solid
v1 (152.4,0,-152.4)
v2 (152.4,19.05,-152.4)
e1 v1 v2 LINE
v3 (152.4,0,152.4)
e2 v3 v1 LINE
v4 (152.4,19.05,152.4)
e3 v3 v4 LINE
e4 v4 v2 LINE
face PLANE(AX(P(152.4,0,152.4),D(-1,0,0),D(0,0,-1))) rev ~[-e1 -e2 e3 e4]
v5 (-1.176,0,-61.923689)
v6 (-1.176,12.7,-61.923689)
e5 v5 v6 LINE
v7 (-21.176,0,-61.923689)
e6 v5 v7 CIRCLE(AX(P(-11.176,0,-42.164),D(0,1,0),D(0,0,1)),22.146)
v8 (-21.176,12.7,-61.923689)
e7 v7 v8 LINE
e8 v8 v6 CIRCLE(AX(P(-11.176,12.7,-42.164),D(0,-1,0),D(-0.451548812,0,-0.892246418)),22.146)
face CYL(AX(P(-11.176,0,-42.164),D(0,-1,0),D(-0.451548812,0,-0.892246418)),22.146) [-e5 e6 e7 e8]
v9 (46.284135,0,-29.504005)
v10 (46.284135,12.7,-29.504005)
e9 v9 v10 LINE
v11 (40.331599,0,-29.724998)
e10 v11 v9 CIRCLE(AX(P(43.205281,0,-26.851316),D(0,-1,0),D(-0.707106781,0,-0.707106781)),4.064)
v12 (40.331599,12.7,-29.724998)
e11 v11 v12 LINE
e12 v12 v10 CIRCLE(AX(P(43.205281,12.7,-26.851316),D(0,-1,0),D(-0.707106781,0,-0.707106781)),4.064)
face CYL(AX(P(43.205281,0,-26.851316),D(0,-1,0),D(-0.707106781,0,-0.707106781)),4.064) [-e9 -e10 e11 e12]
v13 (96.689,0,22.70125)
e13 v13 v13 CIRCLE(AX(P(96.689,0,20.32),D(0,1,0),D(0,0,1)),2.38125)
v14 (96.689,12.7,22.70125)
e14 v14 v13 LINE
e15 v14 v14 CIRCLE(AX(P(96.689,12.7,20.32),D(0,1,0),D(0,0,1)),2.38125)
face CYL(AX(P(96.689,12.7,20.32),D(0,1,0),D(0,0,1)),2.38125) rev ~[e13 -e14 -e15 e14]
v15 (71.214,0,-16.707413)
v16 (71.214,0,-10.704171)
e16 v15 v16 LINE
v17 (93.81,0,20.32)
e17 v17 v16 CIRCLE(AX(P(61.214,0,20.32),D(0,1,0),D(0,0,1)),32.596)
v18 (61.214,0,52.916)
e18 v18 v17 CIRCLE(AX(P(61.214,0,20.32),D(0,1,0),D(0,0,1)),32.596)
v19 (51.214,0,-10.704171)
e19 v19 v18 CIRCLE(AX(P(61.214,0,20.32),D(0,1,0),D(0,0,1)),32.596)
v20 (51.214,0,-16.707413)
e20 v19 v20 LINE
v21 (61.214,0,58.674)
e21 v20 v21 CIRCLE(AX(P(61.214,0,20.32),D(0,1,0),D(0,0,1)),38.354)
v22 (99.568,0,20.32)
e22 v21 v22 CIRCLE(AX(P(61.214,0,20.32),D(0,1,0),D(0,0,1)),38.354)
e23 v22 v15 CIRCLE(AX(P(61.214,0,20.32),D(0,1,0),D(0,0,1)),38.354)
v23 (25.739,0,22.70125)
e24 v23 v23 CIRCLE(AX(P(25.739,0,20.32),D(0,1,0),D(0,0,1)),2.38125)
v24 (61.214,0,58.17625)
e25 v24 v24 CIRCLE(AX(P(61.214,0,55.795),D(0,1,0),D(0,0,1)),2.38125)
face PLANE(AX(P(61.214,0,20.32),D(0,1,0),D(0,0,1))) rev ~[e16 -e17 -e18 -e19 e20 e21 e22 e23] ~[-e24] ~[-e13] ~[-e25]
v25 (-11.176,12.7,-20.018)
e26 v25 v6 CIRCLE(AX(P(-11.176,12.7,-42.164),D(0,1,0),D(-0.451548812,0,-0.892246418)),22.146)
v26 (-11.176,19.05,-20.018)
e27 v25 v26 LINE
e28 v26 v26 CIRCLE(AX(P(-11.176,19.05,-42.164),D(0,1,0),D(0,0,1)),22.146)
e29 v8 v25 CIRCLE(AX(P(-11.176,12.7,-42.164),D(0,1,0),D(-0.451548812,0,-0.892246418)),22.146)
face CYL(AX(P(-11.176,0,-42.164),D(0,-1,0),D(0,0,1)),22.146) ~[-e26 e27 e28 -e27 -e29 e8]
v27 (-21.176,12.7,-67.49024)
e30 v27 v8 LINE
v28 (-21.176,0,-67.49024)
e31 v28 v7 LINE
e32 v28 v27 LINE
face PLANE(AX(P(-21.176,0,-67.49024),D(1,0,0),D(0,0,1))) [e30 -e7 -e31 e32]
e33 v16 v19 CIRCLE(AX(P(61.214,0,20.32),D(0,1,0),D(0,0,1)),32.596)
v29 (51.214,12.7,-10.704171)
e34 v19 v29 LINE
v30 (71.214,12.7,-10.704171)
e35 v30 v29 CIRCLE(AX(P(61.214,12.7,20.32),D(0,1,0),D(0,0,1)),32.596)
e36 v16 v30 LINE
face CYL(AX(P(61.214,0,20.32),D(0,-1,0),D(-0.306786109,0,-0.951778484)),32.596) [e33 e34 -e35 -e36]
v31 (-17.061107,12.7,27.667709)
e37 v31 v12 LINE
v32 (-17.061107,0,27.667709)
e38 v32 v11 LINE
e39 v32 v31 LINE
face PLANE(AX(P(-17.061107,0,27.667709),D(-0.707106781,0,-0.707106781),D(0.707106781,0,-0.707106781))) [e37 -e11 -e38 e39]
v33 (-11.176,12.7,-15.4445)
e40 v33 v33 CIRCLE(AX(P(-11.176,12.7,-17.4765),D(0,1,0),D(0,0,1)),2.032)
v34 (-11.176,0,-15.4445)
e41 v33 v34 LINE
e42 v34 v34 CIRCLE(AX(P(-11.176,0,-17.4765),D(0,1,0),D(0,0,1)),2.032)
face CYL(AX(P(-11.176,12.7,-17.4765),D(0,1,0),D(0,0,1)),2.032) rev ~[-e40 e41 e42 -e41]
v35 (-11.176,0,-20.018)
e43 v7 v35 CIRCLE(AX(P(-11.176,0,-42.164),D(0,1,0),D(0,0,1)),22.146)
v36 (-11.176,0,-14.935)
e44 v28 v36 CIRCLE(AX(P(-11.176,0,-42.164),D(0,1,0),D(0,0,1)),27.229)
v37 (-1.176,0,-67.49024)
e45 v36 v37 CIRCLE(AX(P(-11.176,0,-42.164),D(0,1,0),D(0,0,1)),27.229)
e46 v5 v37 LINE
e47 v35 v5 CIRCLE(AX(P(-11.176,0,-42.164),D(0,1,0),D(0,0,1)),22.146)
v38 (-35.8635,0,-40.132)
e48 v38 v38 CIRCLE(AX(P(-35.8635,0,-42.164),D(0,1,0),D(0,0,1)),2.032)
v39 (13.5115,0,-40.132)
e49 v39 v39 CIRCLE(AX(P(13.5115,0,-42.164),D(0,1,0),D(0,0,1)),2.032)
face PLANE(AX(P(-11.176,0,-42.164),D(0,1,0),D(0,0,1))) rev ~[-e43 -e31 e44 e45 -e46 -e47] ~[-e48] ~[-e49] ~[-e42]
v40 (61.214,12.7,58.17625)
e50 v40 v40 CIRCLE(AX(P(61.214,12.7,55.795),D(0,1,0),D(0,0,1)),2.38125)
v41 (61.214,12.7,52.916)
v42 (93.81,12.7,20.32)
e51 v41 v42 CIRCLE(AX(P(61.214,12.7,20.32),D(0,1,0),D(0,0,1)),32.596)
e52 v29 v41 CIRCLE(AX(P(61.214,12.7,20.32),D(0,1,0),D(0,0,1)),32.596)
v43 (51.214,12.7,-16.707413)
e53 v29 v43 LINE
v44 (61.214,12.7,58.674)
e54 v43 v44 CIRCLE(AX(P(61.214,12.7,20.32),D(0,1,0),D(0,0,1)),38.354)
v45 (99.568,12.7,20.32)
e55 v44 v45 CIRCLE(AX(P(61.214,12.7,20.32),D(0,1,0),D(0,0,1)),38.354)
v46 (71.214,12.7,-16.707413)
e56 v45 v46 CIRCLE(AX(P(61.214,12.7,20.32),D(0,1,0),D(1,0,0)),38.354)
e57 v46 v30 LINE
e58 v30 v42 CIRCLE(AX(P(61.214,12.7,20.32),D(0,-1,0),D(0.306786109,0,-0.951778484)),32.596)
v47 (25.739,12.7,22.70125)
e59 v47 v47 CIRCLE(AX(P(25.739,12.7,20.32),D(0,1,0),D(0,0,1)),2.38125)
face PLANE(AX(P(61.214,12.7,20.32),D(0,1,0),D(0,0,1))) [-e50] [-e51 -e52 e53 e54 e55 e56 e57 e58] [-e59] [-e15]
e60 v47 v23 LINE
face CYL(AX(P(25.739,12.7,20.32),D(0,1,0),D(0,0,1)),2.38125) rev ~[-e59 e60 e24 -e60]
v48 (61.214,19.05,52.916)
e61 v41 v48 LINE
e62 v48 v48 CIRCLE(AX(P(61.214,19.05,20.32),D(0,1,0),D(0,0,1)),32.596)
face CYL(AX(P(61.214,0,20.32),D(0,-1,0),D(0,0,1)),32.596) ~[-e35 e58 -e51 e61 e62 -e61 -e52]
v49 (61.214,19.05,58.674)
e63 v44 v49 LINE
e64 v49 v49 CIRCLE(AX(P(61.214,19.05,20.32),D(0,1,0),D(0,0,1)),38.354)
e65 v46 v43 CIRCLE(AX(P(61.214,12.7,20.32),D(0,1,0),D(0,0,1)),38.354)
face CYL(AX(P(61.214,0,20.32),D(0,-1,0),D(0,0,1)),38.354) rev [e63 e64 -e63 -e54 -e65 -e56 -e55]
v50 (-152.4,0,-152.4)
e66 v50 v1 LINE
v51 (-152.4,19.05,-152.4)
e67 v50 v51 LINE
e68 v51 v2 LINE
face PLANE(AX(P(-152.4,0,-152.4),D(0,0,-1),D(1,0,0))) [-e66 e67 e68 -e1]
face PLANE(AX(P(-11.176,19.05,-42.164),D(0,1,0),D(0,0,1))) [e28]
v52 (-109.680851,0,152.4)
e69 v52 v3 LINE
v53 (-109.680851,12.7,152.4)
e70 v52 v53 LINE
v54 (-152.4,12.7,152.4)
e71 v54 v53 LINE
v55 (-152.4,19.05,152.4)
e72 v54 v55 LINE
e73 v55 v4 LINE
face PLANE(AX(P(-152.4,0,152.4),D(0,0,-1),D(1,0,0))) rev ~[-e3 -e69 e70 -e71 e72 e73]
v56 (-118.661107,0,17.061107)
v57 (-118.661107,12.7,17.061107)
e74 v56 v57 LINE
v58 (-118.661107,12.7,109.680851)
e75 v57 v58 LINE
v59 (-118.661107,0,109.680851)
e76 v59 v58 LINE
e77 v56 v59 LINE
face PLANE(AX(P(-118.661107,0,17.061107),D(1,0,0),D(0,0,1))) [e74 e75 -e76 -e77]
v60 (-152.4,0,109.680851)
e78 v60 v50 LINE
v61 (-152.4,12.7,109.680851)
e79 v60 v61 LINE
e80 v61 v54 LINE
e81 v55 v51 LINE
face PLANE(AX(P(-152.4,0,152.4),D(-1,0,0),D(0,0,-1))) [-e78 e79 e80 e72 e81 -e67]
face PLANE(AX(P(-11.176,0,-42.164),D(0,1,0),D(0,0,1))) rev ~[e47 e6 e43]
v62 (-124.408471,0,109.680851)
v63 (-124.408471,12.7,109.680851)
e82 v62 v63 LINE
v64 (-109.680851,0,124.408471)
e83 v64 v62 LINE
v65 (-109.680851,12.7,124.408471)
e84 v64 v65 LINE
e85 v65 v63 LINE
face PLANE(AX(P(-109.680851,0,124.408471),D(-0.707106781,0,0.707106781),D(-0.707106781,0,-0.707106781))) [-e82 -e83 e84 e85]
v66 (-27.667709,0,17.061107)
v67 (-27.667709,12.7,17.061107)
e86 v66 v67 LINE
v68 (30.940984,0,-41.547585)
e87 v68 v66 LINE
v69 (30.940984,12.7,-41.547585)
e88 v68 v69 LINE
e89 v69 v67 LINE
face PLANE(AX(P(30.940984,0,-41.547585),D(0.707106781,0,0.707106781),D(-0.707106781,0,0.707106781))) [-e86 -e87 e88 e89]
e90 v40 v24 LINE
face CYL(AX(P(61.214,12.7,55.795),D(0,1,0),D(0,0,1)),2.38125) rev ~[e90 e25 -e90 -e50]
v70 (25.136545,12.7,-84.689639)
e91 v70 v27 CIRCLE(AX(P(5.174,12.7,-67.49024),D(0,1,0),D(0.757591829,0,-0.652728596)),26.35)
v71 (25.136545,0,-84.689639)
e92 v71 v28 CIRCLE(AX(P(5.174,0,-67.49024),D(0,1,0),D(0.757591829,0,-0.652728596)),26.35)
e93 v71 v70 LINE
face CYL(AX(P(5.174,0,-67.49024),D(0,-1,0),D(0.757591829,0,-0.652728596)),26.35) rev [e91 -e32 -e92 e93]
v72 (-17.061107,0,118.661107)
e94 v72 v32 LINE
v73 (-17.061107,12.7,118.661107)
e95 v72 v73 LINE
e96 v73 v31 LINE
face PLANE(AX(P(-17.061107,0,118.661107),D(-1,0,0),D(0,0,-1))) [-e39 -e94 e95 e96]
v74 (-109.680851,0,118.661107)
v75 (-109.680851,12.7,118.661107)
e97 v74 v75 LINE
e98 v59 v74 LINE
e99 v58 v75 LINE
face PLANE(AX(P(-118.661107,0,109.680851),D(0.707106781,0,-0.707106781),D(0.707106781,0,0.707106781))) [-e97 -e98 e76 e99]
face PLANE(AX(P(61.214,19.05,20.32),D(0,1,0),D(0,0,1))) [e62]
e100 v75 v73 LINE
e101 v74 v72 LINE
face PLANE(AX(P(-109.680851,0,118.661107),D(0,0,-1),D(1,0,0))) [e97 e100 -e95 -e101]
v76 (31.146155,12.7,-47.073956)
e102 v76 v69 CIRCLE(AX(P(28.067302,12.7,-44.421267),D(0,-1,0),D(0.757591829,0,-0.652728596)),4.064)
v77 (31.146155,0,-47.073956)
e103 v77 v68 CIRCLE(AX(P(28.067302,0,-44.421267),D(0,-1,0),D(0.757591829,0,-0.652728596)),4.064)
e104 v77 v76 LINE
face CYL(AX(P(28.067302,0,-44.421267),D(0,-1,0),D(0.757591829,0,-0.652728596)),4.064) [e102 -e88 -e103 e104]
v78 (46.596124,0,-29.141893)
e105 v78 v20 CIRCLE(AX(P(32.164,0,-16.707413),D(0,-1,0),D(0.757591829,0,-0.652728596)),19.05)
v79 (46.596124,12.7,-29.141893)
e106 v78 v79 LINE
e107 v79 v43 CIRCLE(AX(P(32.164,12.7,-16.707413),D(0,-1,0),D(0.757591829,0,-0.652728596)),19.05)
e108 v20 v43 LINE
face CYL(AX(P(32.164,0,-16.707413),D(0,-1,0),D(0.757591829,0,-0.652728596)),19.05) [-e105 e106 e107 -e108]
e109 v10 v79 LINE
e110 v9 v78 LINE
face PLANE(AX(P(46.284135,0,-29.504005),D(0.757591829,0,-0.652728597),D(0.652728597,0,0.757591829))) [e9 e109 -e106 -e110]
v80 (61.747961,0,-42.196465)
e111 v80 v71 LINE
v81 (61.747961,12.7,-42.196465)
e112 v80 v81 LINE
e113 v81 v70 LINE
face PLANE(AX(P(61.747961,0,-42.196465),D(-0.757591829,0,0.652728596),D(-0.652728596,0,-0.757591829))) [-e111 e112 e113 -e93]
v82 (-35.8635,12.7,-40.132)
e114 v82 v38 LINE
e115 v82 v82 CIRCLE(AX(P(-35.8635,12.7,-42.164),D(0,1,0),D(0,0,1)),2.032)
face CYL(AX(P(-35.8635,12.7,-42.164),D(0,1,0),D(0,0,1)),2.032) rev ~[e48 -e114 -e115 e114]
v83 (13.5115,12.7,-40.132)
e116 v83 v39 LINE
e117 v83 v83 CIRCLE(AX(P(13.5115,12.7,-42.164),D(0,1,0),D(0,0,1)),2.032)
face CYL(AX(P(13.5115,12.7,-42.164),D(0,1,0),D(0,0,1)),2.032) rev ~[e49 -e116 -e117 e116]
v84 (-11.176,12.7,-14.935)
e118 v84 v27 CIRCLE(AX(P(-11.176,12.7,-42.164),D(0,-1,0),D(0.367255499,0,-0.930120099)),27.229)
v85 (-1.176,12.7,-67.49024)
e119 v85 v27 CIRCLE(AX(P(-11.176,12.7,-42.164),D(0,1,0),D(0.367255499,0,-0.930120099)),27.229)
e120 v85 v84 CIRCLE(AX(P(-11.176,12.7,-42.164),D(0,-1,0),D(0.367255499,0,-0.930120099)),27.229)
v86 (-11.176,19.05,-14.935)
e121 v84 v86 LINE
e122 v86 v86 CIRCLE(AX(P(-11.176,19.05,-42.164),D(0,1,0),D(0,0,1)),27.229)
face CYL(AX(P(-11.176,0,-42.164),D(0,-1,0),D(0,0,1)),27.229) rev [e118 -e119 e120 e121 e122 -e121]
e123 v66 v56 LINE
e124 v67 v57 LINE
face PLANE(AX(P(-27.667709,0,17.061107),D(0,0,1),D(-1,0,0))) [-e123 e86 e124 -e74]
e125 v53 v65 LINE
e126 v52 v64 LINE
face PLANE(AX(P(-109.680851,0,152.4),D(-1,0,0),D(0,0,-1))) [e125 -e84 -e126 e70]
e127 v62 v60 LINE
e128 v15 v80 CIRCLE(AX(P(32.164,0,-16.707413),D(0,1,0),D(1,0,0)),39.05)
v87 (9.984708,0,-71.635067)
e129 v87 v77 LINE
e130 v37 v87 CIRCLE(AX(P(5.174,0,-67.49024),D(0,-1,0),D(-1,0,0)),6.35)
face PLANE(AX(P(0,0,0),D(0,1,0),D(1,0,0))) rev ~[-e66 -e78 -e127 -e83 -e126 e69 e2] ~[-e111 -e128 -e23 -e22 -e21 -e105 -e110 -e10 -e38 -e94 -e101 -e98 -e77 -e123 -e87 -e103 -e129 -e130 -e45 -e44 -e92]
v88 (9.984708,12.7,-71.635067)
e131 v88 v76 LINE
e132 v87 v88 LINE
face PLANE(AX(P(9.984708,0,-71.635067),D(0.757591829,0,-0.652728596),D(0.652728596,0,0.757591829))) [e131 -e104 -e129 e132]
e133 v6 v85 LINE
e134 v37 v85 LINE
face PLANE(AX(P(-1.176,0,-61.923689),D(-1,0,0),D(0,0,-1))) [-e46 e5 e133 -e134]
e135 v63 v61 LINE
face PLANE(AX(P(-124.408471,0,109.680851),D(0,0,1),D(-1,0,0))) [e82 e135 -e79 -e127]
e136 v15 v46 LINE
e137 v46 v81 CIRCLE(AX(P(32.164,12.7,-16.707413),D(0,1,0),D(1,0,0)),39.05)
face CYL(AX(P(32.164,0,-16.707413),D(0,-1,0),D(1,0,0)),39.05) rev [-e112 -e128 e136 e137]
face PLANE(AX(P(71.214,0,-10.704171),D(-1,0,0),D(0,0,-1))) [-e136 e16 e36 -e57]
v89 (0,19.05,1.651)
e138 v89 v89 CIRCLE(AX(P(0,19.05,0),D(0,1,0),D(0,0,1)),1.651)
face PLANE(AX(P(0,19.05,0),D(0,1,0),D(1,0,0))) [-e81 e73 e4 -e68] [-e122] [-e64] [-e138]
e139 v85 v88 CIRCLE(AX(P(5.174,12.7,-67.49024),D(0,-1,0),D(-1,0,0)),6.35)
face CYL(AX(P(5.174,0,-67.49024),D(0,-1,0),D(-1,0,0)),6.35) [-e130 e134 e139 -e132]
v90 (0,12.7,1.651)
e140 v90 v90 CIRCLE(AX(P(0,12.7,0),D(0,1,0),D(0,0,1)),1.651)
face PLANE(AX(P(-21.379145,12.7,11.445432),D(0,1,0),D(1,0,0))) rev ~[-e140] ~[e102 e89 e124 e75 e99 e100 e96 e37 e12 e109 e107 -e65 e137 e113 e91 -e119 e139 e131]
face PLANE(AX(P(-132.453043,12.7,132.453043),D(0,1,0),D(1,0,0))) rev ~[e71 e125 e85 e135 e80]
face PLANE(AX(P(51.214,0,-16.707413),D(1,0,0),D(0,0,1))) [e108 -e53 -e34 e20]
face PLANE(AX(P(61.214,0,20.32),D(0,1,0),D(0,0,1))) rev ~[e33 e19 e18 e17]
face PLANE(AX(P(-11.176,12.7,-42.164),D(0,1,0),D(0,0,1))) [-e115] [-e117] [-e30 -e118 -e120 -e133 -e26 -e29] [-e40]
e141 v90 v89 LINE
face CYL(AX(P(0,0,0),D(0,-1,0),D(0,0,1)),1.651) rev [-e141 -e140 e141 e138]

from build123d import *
from build123d.topology import SkipClean

# Parameters (mm, degrees)
SKETCH1_R             = 22.146000031
BOSS_EXTRUDE1_DEPTH   = 19.05
SKETCH1_R_2           = 32.595999959
BOSS_EXTRUDE1_2_DEPTH = 19.05
SKETCH1_W             = 304.8
SKETCH1_H             = 304.8
SKETCH1_R_3           = 27.229000025
SKETCH1_R_4           = 38.354
SKETCH1_R_5           = 1.651
BOSS_EXTRUDE1_3_DEPTH = 19.05
SKETCH1_4_R           = 27.229000025
SKETCH1_4_R_2         = 22.146000031
SKETCH1_4_R_3         = 38.354
SKETCH1_4_R_4         = 32.595999959
BOSS_EXTRUDE2_DEPTH   = 12.7
SKETCH1_5_R           = 1.651
CUT_EXTRUDE1_DEPTH    = 12.7
SKETCH5_R             = 2.032
SKETCH5_R_2           = 2.38125
CUT_EXTRUDE2_DEPTH    = 13.7


with BuildPart() as part:
    # Sketch1 → Boss-Extrude1 (new body)
    with BuildSketch(Plane(origin=(0, 0, 0), x_dir=(1, 0, 0), z_dir=(0, 1, 0))):
        with Locations(Location((-11.176, 42.164, 0), (0, 0, 270))):  # turned: the seam where the file's is
            Circle(SKETCH1_R)
    extrude(amount=BOSS_EXTRUDE1_DEPTH)



with BuildPart() as body_2:
    # Sketch1 → Boss-Extrude1 2 (new body)
    with BuildSketch(Plane(origin=(0, 0, 0), x_dir=(1, 0, 0), z_dir=(0, 1, 0))):
        with Locations(Location((61.214, -20.32, 0), (0, 0, 270))):  # turned: the seam where the file's is
            Circle(SKETCH1_R_2)
    extrude(amount=BOSS_EXTRUDE1_2_DEPTH)


with BuildPart() as body_3:
    # Sketch1 → Boss-Extrude1 3 (new body)
    with BuildSketch(Plane(origin=(0, 0, 0), x_dir=(1, 0, 0), z_dir=(0, 1, 0))):
        Rectangle(SKETCH1_W, SKETCH1_H)
        with Locations(Location((-11.176, 42.164, 0), (0, 0, 270))):  # turned: the seam where the file's is
            Circle(SKETCH1_R_3, mode=Mode.SUBTRACT)
        with Locations(Location((61.214, -20.32, 0), (0, 0, 270))):  # turned: the seam where the file's is
            Circle(SKETCH1_R_4, mode=Mode.SUBTRACT)
        with Locations(Location((0, 0, 0), (0, 0, 270))):  # turned: the seam where the file's is
            Circle(SKETCH1_R_5, mode=Mode.SUBTRACT)
    extrude(amount=BOSS_EXTRUDE1_3_DEPTH)


with BuildPart() as part_1:
    with SkipClean():  # keep this step's faces unmerged: merging them makes the solid invalid here
        add(part.part)

        add(body_2.part)  # Boss-Extrude2 merges body 2

        add(body_3.part)  # Boss-Extrude2 merges body 3
        # Sketch1_4 → Boss-Extrude2 (add)
        with BuildSketch(Plane(origin=(0, 0, 0), x_dir=(1, 0, 0), z_dir=(0, 1, 0))):
            with Locations(Location((-11.176, 42.164, 0), (0, 0, 270))):  # turned: the seam where the file's is
                Circle(SKETCH1_4_R)
            with Locations(Location((-11.176, 42.164, 0), (0, 0, 270))):  # turned: the seam where the file's is
                Circle(SKETCH1_4_R_2, mode=Mode.SUBTRACT)
            with Locations(Location((61.214, -20.32, 0), (0, 0, 270))):  # turned: the seam where the file's is
                Circle(SKETCH1_4_R_3)
            with Locations(Location((61.214, -20.32, 0), (0, 0, 270))):  # turned: the seam where the file's is
                Circle(SKETCH1_4_R_4, mode=Mode.SUBTRACT)
            with BuildLine():
                ThreePointArc((99.568, -20.32), (91.665349034, 2.998333088), (71.214, 16.707413034))
                Line((71.214, 16.707413034), (71.214, 10.704171437))
                ThreePointArc((71.214, 10.704171437), (87.562237255, -1.129648079), (93.809999959, -20.32))
                ThreePointArc((93.809999959, -20.32), (42.023648079, -46.668237255), (51.214, 10.704171437))
                Line((51.214, 10.704171437), (51.214, 16.707413034))
                ThreePointArc((51.214, 16.707413034), (37.895666912, -50.771349034), (99.568, -20.32))
            make_face()
            with BuildLine():
                Line((71.214, 10.704171437), (71.214, 16.707413034))
                ThreePointArc((71.214, 16.707413034), (61.214, 18.034), (51.214, 16.707413034))
                Line((51.214, 16.707413034), (51.214, 10.704171437))
                ThreePointArc((51.214, 10.704171437), (61.214, 12.275999959), (71.214, 10.704171437))
            make_face()
            with BuildLine():
                ThreePointArc((-1.176, 67.490240194), (-11.176, 69.393000025), (-21.176, 67.490240194))
                Line((-21.176, 67.490240194), (-21.176, 61.923689202))
                ThreePointArc((-21.176, 61.923689202), (-11.176, 64.310000031), (-1.176, 61.923689202))
                Line((-1.176, 61.923689202), (-1.176, 67.490240194))
            make_face()
            with BuildLine():
                Line((-21.176, 61.923689202), (-21.176, 67.490240194))
                ThreePointArc((-21.176, 67.490240194), (-26.491489579, 19.650576864), (16.053000025, 42.164))
                ThreePointArc((16.053000025, 42.164), (11.337423136, 57.479489579), (-1.176, 67.490240194))
                Line((-1.176, 67.490240194), (-1.176, 61.923689202))
                ThreePointArc((-1.176, 61.923689202), (7.690707684, 53.761096987), (10.970000031, 42.164))
                ThreePointArc((10.970000031, 42.164), (-22.773096987, 23.297292316), (-21.176, 61.923689202))
            make_face()
        extrude(amount=BOSS_EXTRUDE2_DEPTH)

    # Sketch1_5 → Cut-Extrude1 (cut)
    with SkipClean():  # keep this step's faces unmerged: merging them makes the solid invalid here
        with BuildSketch(Plane(origin=(0, 0, 0), x_dir=(1, 0, 0), z_dir=(0, 1, 0))):
            Polygon((-124.40847096, -109.680850921), (-152.4, -109.680850921), (-152.4, -152.4), (-109.680850921, -152.4), (-109.680850921, -124.40847096), align=None)
            with BuildLine():
                ThreePointArc((71.214, 16.707413034), (68.771077011, 30.302427293), (61.747960937, 42.196464709))
                Line((61.747960937, 42.196464709), (25.136544704, 84.689638699))
                ThreePointArc((25.136544704, 84.689638699), (-3.999588367, 92.191814566), (-21.176, 67.490240194))
                Line((-21.176, 67.490240194), (-21.176, 61.923689202))
                ThreePointArc((-21.176, 61.923689202), (-11.176, 64.310000031), (-1.176, 61.923689202))
                Line((-1.176, 61.923689202), (-1.176, 67.490240194))
                ThreePointArc((-1.176, 67.490240194), (2.963287054, 73.442991513), (9.984708116, 71.635066779))
                Line((9.984708116, 71.635066779), (31.14615486, 47.073956315))
                ThreePointArc((31.14615486, 47.073956315), (32.128503793, 44.270491708), (30.940983624, 41.547585342))
                Line((30.940983624, 41.547585342), (-27.66770876, -17.061107042))
                Line((-27.66770876, -17.061107042), (-118.661107042, -17.061107042))
                Line((-118.661107042, -17.061107042), (-118.661107042, -109.680850921))
                Line((-118.661107042, -109.680850921), (-109.680850921, -118.661107042))
                Line((-109.680850921, -118.661107042), (-17.061107042, -118.661107042))
                Line((-17.061107042, -118.661107042), (-17.061107042, -27.66770876))
                Line((-17.061107042, -27.66770876), (40.331599468, 29.72499775))
                ThreePointArc((40.331599468, 29.72499775), (43.35605702, 30.912517919), (46.284134621, 29.504004806))
                Line((46.284134621, 29.504004806), (46.596124349, 29.141892789))
                ThreePointArc((46.596124349, 29.141892789), (50.022253958, 23.339551873), (51.214, 16.707413034))
                Line((51.214, 16.707413034), (51.214, 10.704171437))
                ThreePointArc((51.214, 10.704171437), (61.214, 12.275999959), (71.214, 10.704171437))
                Line((71.214, 10.704171437), (71.214, 16.707413034))
            make_face()
            with Locations(Location((0, 0, 0), (0, 0, 270))):  # turned: the seam where the file's is
                Circle(SKETCH1_5_R, mode=Mode.SUBTRACT)
        extrude(amount=CUT_EXTRUDE1_DEPTH, mode=Mode.SUBTRACT)

    # Sketch5 → Cut-Extrude2 (cut, through all)
    with SkipClean():  # keep this step's faces unmerged: merging them makes the solid invalid here
        with BuildSketch(Plane(origin=(0, 12.7, 0), x_dir=(1, 0, 0), z_dir=(0, 1, 0))):
            with Locations(Location((-11.176, 17.476499972, 0), (0, 0, 270))):  # turned: the seam where the file's is
                Circle(SKETCH5_R)
            with Locations(Location((13.511500028, 42.164, 0), (0, 0, 270))):  # turned: the seam where the file's is
                Circle(SKETCH5_R)
            with Locations(Location((-35.863500028, 42.164, 0), (0, 0, 270))):  # turned: the seam where the file's is
                Circle(SKETCH5_R)
            with Locations(Location((25.739000021, -20.32, 0), (0, 0, 270))):  # turned: the seam where the file's is
                Circle(SKETCH5_R_2)
            with Locations(Location((96.68899998, -20.32, 0), (0, 0, 270))):  # turned: the seam where the file's is
                Circle(SKETCH5_R_2)
            with Locations(Location((61.214, -55.794999979, 0), (0, 0, 270))):  # turned: the seam where the file's is
                Circle(SKETCH5_R_2)
        extrude(amount=-CUT_EXTRUDE2_DEPTH, mode=Mode.SUBTRACT)


solid = part_1.part
